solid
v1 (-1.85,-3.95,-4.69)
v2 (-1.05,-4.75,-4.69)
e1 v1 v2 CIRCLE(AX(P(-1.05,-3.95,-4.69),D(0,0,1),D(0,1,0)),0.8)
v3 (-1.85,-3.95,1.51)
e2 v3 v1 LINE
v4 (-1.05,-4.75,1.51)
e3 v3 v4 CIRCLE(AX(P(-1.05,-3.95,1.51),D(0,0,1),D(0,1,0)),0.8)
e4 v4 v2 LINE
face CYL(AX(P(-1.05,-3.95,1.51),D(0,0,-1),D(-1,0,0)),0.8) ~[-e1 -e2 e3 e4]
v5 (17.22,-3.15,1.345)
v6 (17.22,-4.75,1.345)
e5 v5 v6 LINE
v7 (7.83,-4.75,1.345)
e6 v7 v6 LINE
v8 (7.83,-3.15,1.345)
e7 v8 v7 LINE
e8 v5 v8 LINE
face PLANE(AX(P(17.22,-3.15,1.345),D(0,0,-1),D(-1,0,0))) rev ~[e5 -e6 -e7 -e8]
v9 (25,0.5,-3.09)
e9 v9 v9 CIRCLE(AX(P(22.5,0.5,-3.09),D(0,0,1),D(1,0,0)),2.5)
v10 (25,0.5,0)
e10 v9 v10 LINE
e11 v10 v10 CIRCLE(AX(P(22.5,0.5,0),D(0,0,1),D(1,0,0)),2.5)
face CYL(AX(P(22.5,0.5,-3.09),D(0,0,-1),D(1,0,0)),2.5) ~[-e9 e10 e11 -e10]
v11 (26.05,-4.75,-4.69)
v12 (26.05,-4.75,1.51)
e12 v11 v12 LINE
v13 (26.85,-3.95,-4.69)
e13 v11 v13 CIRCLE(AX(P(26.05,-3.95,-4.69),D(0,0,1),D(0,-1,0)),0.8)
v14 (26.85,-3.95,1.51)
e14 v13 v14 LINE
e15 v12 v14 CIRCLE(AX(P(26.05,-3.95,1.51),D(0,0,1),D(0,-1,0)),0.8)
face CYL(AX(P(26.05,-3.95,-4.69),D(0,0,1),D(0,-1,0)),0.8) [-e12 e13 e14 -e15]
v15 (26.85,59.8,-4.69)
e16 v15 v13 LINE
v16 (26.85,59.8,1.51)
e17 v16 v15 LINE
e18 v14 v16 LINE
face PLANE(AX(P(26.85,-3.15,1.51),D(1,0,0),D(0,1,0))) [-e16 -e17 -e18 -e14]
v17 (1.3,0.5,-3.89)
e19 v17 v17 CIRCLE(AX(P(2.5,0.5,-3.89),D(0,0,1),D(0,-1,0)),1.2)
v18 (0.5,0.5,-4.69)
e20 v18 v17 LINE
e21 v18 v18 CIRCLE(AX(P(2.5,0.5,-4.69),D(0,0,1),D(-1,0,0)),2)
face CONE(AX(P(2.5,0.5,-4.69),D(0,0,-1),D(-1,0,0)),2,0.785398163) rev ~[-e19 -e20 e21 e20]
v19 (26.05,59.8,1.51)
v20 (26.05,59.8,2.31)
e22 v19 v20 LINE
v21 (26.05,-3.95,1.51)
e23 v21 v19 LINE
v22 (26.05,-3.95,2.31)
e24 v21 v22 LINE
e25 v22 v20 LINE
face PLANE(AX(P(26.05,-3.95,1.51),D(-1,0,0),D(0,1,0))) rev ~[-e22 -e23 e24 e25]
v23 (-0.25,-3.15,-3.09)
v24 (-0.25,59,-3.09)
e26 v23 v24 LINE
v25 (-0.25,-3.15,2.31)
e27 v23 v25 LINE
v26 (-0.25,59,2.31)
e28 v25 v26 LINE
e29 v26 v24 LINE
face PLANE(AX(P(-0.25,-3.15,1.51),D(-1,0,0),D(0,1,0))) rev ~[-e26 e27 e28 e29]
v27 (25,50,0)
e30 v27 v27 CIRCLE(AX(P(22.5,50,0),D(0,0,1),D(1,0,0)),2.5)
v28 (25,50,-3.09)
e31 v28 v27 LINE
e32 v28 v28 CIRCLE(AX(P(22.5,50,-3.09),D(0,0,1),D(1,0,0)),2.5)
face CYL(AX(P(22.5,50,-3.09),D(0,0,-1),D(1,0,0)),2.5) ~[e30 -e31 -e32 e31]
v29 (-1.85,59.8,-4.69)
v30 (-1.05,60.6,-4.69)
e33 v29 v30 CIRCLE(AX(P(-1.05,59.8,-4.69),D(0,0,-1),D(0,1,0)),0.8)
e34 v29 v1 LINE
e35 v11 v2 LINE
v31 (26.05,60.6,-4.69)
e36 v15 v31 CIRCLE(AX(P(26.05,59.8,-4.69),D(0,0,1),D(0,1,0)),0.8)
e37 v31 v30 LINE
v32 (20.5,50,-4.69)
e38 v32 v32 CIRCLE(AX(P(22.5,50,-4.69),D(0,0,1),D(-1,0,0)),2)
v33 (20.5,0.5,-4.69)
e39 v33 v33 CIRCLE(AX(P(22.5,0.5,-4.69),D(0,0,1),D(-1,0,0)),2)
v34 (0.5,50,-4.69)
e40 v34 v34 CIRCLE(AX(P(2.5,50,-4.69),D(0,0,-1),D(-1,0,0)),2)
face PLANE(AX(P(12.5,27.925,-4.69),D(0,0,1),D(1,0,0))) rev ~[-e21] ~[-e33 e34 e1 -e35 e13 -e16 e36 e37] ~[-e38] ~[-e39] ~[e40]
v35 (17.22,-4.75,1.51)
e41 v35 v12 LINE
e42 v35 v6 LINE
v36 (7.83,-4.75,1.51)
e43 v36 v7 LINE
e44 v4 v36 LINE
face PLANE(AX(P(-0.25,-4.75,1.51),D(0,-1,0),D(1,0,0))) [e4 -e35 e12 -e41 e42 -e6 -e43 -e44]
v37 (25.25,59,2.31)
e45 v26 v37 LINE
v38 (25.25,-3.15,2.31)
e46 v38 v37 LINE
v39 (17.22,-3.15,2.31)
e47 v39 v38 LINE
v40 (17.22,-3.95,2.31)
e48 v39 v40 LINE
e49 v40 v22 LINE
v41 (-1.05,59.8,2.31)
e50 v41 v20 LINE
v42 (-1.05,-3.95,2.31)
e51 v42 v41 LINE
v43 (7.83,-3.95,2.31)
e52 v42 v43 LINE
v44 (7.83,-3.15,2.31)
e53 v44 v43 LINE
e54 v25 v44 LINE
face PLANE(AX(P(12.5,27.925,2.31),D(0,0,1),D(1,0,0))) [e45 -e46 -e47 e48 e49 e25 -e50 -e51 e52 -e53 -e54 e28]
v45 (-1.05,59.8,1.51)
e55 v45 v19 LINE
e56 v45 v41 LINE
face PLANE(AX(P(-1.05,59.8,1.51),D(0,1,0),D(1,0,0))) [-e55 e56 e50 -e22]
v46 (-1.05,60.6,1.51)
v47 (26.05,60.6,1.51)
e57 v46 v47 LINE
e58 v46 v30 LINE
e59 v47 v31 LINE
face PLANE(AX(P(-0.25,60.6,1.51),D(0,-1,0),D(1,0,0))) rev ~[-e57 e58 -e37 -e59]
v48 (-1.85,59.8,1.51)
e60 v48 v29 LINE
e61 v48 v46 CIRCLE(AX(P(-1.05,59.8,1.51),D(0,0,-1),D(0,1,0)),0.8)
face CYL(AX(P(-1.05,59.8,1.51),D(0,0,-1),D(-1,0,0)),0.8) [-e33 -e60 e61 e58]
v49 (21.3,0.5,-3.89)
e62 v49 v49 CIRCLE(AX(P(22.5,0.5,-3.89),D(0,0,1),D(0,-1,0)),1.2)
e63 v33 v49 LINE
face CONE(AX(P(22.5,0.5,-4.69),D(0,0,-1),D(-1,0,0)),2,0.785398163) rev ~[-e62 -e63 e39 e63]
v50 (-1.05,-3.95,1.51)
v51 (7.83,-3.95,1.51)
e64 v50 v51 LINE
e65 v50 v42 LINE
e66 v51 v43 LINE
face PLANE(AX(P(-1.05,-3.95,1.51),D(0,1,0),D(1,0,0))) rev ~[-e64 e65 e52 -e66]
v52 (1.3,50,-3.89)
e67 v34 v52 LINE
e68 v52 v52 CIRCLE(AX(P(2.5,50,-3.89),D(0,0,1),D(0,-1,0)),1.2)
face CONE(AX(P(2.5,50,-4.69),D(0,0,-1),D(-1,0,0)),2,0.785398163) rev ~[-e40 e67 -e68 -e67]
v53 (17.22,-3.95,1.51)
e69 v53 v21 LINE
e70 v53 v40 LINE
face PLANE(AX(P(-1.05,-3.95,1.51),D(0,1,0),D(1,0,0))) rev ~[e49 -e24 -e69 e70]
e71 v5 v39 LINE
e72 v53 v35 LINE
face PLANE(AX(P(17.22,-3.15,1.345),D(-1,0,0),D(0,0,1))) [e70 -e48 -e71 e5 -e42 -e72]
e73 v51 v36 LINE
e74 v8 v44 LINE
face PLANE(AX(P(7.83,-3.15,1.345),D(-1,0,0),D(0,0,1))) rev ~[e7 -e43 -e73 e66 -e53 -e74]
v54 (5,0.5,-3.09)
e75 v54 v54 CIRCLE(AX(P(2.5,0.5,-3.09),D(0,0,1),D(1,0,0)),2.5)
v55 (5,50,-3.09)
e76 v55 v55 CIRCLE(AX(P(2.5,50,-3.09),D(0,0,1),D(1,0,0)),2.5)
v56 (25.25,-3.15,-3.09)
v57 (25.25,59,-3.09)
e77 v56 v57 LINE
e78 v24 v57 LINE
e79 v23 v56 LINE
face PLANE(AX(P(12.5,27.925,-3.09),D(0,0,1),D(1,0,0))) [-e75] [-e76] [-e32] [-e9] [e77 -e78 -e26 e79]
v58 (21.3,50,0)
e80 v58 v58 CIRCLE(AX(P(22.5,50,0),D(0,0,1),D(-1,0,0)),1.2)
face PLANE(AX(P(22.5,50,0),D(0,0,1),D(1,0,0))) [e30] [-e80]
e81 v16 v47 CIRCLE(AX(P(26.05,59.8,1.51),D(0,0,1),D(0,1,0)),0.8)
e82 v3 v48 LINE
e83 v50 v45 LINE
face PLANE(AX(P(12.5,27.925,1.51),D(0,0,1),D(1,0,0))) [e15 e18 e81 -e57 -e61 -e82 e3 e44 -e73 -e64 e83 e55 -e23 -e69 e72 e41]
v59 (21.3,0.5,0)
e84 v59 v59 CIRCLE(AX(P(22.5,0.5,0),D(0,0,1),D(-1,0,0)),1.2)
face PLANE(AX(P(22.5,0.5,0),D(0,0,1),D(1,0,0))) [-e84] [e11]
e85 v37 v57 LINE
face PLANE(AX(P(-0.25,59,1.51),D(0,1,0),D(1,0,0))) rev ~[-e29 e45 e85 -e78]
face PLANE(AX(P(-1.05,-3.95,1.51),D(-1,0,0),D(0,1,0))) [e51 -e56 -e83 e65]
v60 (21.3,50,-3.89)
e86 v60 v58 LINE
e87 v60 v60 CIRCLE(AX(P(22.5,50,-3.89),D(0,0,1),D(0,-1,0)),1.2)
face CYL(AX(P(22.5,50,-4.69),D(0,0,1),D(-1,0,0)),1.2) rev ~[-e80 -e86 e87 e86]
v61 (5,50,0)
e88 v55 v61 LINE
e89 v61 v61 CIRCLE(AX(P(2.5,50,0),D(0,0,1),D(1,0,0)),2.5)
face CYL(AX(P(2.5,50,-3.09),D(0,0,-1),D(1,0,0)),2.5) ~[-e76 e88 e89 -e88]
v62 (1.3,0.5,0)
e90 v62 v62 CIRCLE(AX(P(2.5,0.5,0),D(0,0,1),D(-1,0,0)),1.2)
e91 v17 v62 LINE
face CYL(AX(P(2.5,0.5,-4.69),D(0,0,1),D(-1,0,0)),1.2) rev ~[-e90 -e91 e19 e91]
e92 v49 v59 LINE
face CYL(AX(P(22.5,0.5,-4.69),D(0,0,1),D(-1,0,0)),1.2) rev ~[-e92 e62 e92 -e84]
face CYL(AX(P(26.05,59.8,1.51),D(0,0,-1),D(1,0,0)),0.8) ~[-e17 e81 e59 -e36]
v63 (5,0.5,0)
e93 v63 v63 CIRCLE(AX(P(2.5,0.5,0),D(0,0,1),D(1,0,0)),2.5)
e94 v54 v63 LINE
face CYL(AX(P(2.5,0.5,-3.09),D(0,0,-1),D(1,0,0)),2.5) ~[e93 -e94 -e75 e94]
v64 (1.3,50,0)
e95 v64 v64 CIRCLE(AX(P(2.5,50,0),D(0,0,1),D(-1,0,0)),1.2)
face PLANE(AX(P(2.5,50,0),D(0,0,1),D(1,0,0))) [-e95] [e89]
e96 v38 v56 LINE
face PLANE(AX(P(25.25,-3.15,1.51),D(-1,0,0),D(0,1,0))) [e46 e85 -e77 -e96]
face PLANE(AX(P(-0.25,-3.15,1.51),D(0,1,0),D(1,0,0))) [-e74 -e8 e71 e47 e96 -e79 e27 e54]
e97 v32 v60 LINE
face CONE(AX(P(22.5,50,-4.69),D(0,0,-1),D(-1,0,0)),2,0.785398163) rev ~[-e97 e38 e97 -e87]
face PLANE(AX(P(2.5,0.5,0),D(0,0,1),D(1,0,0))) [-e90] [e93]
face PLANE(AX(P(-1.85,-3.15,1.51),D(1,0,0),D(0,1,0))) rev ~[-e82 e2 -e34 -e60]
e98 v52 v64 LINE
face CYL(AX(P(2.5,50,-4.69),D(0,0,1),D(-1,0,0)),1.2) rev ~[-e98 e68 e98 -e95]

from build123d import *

# Parameters (mm, degrees)
SKETCH_W         = 25.5
SKETCH_H         = 62.15
PAD_DEPTH        = 4.6
THICKNESS_T      = 1.6
SKETCH001_R      = 2.5
PAD001_DEPTH     = 3.09
SKETCH002_R      = 1.6
POCKET_DEPTH     = 3
FILLET_R         = 0.8
SKETCH003_W      = 27.1
SKETCH003_H      = 63.75
SKETCH003_W_2    = 25.5
SKETCH003_H_2    = 62.15
PAD002_DEPTH     = 0.8
SKETCH004_W      = 9.39
SKETCH004_H      = 0.965
POCKET001_DEPTH  = 5
SKETCH005_R      = 2.5
PAD003_DEPTH     = 3.09
HOLE_D           = 2.4
HOLE_DEPTH       = 25
HOLE_CSINK_D     = 4
HOLE_CSINK_ANGLE = 90


with BuildPart() as part:
    # Sketch (on Face4132 of Binder) → Pad (new body)
    with BuildSketch(Plane.XY.offset(1.51)):
        with Locations((12.5, 27.925)):
            Rectangle(SKETCH_W, SKETCH_H)
    extrude(amount=-PAD_DEPTH)

    # Thickness
    thickness_openings = [part.faces().sort_by_distance(p)[0] for p in [
        (12.5, 27.925, 1.51),
    ]]
    offset(amount=THICKNESS_T, openings=thickness_openings, kind=Kind.INTERSECTION)

    # Sketch001 (on Face5 of Thickness) → Pad001 (join)
    with BuildSketch(Plane.XY.offset(-3.09)):
        with Locations((2.5, 0.5)):
            Circle(SKETCH001_R)
        with Locations((22.5, 0.5)):
            Circle(SKETCH001_R)
        with Locations((2.5, 50)):
            Circle(SKETCH001_R)
        with Locations((22.5, 50)):
            Circle(SKETCH001_R)
    extrude(amount=PAD001_DEPTH)

    # Sketch002 (on Face18 of Pad001) → Pocket (cut)
    with BuildSketch(Plane.XY):
        with Locations((2.5, 50)):
            Circle(SKETCH002_R)
        with Locations((22.5, 50)):
            Circle(SKETCH002_R)
        with Locations((2.5, 0.5)):
            Circle(SKETCH002_R)
        with Locations((22.5, 0.5)):
            Circle(SKETCH002_R)
    extrude(amount=-POCKET_DEPTH, mode=Mode.SUBTRACT)

    # Fillet
    fillet_edges = [part.edges().sort_by_distance(p)[0] for p in [
        (-1.85, -4.75, -1.59),
        (26.85, -4.75, -1.59),
        (-1.85, 60.6, -1.59),
        (26.85, 60.6, -1.59),
    ]]
    fillet(fillet_edges, radius=FILLET_R)

    # Sketch003 (on Face1 of Fillet) → Pad002 (join)
    with BuildSketch(Plane.XY.offset(1.51)):
        with Locations((12.5, 27.925)):
            Rectangle(SKETCH003_W, SKETCH003_H)
        with Locations((12.5, 27.925)):
            Rectangle(SKETCH003_W_2, SKETCH003_H_2, mode=Mode.SUBTRACT)
    extrude(amount=PAD002_DEPTH)

    # Sketch004 (on Face17 of Pad002) → Pocket001 (cut)
    with BuildSketch(Plane(origin=(0, -3.15, 0), x_dir=(-1, 0, 0), z_dir=(0, 1, 0))):
        with Locations((-12.525, 1.8275)):
            Rectangle(SKETCH004_W, SKETCH004_H)
    extrude(amount=-POCKET001_DEPTH, mode=Mode.SUBTRACT)

    # Sketch005 (on Face25 of Pocket001) → Pad003 (join)
    with BuildSketch(Plane.XY.offset(-3.09)):
        with Locations((2.5, 50)):
            Circle(SKETCH005_R)
        with Locations((22.5, 50)):
            Circle(SKETCH005_R)
        with Locations((2.5, 0.5)):
            Circle(SKETCH005_R)
        with Locations((22.5, 0.5)):
            Circle(SKETCH005_R)
    extrude(amount=PAD003_DEPTH)

    # Hole
    with Locations(Plane(origin=(0, 0, -4.69), x_dir=(1, 0, 0), z_dir=(0, 0, -1))):
        with Locations((2.5, -0.5), (22.5, -0.5), (2.5, -50), (22.5, -50)):
            CounterSinkHole(HOLE_D / 2, HOLE_CSINK_D / 2, depth=HOLE_DEPTH, counter_sink_angle=HOLE_CSINK_ANGLE)


solid = part.part
